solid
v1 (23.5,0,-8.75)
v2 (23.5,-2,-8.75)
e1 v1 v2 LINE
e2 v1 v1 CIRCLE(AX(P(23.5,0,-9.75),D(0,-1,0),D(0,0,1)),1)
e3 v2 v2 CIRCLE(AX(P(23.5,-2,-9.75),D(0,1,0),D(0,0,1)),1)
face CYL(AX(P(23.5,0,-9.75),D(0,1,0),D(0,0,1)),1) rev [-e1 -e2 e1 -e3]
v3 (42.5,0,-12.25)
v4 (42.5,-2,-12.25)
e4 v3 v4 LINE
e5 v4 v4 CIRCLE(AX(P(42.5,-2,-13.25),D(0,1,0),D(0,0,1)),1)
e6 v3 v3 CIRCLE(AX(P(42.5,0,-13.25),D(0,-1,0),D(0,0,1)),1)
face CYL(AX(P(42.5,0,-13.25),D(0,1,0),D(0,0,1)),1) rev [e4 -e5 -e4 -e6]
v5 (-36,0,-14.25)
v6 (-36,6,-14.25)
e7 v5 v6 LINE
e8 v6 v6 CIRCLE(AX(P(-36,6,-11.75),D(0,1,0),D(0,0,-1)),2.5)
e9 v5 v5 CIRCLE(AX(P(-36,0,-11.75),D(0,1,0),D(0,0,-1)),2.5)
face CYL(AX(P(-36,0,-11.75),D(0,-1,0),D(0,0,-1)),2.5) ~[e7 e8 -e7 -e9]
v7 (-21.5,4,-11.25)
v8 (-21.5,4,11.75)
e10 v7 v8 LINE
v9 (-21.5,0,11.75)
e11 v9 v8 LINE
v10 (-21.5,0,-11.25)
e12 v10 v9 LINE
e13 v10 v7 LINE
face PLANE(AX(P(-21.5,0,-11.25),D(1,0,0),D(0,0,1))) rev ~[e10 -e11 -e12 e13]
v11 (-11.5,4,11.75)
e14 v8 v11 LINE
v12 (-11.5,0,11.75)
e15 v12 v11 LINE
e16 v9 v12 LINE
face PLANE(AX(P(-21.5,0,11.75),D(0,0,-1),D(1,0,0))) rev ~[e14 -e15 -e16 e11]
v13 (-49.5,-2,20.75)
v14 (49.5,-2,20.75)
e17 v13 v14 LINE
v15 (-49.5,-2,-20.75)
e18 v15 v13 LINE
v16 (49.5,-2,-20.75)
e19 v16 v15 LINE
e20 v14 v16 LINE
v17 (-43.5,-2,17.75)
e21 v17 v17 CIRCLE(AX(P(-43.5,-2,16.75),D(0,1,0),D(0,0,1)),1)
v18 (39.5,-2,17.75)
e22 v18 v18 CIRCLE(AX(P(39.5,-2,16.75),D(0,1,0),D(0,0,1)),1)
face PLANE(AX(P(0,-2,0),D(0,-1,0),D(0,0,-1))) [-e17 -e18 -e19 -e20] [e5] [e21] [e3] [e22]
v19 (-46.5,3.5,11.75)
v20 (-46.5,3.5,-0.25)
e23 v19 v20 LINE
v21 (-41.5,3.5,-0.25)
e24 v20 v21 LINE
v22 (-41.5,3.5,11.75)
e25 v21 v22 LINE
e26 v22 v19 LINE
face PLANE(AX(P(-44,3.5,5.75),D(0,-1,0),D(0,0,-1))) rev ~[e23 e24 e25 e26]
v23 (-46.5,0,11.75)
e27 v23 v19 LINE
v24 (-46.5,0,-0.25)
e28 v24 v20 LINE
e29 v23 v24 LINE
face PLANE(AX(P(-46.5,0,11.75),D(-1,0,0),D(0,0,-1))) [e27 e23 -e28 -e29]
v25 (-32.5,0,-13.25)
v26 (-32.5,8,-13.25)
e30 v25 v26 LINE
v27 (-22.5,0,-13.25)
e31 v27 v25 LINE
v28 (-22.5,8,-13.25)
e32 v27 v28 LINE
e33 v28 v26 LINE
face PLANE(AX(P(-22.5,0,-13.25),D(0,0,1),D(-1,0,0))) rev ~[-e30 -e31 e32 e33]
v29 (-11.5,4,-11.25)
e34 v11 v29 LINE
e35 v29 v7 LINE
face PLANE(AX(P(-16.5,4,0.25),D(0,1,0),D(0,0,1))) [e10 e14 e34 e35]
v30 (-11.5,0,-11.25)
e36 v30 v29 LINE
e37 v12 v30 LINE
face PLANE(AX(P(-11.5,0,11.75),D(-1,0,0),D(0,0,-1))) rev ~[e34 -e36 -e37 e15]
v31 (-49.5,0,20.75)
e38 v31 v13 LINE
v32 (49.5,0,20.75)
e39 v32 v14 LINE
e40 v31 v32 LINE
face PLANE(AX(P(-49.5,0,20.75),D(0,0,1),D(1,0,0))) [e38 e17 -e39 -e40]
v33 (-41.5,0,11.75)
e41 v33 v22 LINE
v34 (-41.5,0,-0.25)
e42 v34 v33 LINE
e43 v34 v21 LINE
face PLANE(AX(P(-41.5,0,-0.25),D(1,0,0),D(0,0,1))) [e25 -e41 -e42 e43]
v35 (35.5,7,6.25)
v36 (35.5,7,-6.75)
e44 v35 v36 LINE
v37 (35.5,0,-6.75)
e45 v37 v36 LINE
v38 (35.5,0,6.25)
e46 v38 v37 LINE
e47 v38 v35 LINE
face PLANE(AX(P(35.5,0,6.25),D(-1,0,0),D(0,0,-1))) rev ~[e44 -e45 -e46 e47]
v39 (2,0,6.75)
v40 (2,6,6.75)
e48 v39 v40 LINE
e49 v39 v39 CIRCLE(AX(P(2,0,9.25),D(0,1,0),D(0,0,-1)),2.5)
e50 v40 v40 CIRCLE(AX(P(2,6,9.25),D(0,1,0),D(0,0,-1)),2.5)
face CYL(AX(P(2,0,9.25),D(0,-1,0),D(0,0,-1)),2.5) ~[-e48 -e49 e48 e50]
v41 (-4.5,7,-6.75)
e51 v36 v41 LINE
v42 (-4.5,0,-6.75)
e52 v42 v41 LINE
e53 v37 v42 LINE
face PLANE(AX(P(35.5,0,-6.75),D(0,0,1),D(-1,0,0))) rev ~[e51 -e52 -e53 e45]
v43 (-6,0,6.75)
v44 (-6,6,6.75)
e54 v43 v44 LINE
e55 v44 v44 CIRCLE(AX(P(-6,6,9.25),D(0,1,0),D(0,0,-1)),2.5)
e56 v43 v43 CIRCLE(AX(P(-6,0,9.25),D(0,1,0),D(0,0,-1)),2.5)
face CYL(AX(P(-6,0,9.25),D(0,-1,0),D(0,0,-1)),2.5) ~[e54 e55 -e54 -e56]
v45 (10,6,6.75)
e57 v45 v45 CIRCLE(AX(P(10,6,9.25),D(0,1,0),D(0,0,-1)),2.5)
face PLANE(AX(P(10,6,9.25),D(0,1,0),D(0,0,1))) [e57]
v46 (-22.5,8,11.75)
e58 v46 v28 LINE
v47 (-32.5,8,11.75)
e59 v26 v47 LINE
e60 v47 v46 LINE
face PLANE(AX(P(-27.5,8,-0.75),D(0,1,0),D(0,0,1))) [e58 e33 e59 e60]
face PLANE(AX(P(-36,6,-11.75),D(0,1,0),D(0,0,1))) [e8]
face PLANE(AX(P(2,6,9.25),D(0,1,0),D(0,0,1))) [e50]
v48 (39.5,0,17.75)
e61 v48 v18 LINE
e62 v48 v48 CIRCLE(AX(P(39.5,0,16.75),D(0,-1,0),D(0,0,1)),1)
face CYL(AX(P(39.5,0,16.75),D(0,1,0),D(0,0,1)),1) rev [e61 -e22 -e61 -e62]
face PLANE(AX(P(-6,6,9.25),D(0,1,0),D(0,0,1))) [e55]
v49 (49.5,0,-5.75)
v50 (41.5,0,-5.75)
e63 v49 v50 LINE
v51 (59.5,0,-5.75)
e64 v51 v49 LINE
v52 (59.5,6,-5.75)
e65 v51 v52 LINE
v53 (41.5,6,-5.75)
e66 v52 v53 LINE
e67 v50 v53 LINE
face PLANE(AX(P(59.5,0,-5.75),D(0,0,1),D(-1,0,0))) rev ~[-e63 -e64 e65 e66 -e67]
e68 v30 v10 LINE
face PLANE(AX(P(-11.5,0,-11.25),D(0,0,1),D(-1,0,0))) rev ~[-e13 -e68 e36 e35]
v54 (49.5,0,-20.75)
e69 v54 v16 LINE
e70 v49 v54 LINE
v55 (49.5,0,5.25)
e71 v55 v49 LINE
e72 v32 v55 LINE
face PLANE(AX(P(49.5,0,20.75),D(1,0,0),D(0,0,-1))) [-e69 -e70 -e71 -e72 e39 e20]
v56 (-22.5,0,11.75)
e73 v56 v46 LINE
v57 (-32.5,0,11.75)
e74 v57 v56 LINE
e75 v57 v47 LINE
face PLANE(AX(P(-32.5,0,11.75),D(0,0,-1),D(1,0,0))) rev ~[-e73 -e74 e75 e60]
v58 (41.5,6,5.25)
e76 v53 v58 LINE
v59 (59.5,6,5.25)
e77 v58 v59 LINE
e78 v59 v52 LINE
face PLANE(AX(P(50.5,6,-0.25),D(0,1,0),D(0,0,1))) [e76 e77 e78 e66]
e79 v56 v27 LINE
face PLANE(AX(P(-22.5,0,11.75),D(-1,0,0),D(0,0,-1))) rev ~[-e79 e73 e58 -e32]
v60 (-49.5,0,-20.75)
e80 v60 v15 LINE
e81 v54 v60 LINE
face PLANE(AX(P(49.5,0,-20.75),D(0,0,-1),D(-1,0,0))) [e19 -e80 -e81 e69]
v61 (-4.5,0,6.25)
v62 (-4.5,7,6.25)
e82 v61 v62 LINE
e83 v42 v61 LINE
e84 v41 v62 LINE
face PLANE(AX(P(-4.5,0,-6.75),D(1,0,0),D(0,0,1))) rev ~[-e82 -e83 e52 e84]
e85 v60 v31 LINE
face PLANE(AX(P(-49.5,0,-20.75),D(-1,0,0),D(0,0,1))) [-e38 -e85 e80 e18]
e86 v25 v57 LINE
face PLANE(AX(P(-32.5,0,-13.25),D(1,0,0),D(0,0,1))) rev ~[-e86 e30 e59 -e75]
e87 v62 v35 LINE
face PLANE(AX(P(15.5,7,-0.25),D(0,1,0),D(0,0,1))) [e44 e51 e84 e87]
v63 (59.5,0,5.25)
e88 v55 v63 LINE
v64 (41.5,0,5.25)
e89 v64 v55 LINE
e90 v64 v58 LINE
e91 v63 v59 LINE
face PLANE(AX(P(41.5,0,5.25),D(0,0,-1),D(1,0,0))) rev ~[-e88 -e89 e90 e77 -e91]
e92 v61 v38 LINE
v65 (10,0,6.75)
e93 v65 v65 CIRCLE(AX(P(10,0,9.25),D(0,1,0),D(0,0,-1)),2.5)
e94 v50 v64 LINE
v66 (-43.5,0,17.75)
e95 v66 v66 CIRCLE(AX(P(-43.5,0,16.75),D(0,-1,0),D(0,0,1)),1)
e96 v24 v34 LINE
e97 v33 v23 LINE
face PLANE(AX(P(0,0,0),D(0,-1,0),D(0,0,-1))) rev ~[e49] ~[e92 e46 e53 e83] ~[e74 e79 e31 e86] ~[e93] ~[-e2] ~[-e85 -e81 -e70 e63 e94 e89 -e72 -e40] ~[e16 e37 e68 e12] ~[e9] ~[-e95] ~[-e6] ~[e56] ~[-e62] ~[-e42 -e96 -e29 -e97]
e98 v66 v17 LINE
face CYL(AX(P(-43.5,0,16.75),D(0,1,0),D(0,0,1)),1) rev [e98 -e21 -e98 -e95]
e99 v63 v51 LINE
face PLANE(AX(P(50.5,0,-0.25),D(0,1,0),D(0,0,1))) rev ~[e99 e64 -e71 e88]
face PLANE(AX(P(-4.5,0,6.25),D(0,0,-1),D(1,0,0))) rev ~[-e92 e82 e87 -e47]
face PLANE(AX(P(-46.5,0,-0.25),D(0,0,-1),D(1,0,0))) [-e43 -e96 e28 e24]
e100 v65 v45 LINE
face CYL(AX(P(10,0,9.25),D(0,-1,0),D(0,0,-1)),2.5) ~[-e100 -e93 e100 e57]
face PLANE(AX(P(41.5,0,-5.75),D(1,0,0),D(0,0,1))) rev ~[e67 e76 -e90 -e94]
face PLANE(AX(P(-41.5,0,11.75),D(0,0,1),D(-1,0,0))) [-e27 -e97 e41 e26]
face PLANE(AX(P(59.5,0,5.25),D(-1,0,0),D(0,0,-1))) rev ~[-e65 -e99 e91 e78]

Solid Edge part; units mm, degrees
sketch "Sketch1" plane through (0, 0, 0) normal (0, -1, 0) x (1, 0, 0)
  line L0 (-47.5, -18.75) -> (47.5, -18.75)
  line L1 (47.5, -18.75) -> (47.5, 18.75)
  line L2 (47.5, 18.75) -> (-47.5, 18.75)
  line L3 (-47.5, 18.75) -> (-47.5, -18.75)
extrude "Ajout_matière_1" add sketch "Sketch1" along normal blind 2
hole "Perçage_1" at (-43.5, 0, 16.75) direction (0, -1, 0) diameter 2 end through all
hole "Hole1" at (42.5, 0, -13.25) direction (0, -1, 0) diameter 2 end through all
hole "Hole2" at (23.5, 0, -9.75) direction (0, -1, 0) diameter 2 end through all
hole "Hole3" at (39.5, 0, 16.75) direction (0, -1, 0) diameter 2 end through all
sketch "Sketch2" plane through (0, 0, 0) normal (0, 1, 0) x (1, 0, 0)
  line L0 (-47.5, 18.75) -> (47.5, 18.75)
  line L1 (47.5, 18.75) -> (47.5, -18.75)
  line L2 (47.5, -18.75) -> (-47.5, -18.75)
  line L3 (-47.5, -18.75) -> (-47.5, 18.75)
  line L4 (-49.5, -20.75) -> (49.5, -20.75)
  line L5 (49.5, -20.75) -> (49.5, 20.75)
  line L6 (49.5, 20.75) -> (-49.5, 20.75)
  line L7 (-49.5, 20.75) -> (-49.5, -20.75)
  dimension "D1" = 99
  dimension "D2" = 41.5
extrude "Ajout_matière_2" add sketch "Sketch2" against normal blind 2
sketch "Sketch3" plane through (0, 0, 0) normal (0, 1, 0) x (1, 0, 0)
  line L0 (-32.5, -11.75) -> (-22.5, -11.75)
  line L1 (-22.5, -11.75) -> (-22.5, 13.25)
  line L2 (-22.5, 13.25) -> (-32.5, 13.25)
  line L3 (-32.5, 13.25) -> (-32.5, -11.75)
  dimension "D1" = 15
  dimension "D2" = 7
  dimension "D3" = 10
  dimension "D4" = 25
extrude "Ajout_matière_3" add sketch "Sketch3" along normal blind 8
sketch "Sketch4" plane through (0, 0, 0) normal (0, 1, 0) x (1, 0, 0)
  line L0 (-21.5, -11.75) -> (-11.5, -11.75)
  line L1 (-11.5, -11.75) -> (-11.5, 11.25)
  line L2 (-11.5, 11.25) -> (-21.5, 11.25)
  line L3 (-21.5, 11.25) -> (-21.5, -11.75)
  dimension "D1" = 26
  dimension "D2" = 7
  dimension "D3" = 23
  dimension "D4" = 10
extrude "Ajout_matière_4" add sketch "Sketch4" along normal blind 4
sketch "Sketch5" plane through (0, 0, 0) normal (0, 1, 0) x (1, 0, 0)
  line L0 (-4.5, -6.25) -> (35.5, -6.25)
  line L1 (35.5, -6.25) -> (35.5, 6.75)
  line L2 (35.5, 6.75) -> (-4.5, 6.75)
  line L3 (-4.5, 6.75) -> (-4.5, -6.25)
  dimension "D1" = 52
  dimension "D2" = 13
  dimension "D3" = 40
  dimension "D4" = 12
extrude "Ajout_matière_5" add sketch "Sketch5" along normal blind 7
sketch "Sketch6" plane through (0, 0, 0) normal (0, 1, 0) x (1, 0, 0)
  line L0 (41.5, -5.25) -> (59.5, -5.25)
  line L1 (59.5, -5.25) -> (59.5, 5.75)
  line L2 (59.5, 5.75) -> (41.5, 5.75)
  line L3 (41.5, 5.75) -> (41.5, -5.25)
  dimension "D1" = 18
  dimension "D2" = 6
  dimension "D3" = 11
  dimension "D4" = 13
extrude "Ajout_matière_6" add sketch "Sketch6" along normal blind 6
sketch "Sketch7" plane through (0, 0, 0) normal (0, 1, 0) x (0, 0, -1)
  line L0 (-11.75, 46.5) -> (0.25, 46.5)
  line L1 (0.25, 46.5) -> (0.25, 41.5)
  line L2 (0.25, 41.5) -> (-11.75, 41.5)
  line L3 (-11.75, 41.5) -> (-11.75, 46.5)
  dimension "D1" = 5
  dimension "D2" = 12
  dimension "D3" = 1
  dimension "D4" = 7
extrude "Ajout_matière_7" add sketch "Sketch7" along normal blind 3.5
sketch "Sketch8" plane through (0, 0, 0) normal (0, 1, 0) x (0, 0, -1)
  circle A0 centre (-9.25, 6) radius 2.5
  circle A1 centre (-9.25, -2) radius 2.5
  circle A2 centre (-9.25, -10) radius 2.5
  circle A3 centre (11.75, 36) radius 2.5
  dimension "D1" = 8
  dimension "D2" = 8
  dimension "D3" = 9.5
  dimension "D4" = 37.5
  dimension "D5" = 11.5
  dimension "D6" = 7
extrude "Ajout_matière_8" add sketch "Sketch8" along normal blind 6
properties material "Epoxy, rigide"
